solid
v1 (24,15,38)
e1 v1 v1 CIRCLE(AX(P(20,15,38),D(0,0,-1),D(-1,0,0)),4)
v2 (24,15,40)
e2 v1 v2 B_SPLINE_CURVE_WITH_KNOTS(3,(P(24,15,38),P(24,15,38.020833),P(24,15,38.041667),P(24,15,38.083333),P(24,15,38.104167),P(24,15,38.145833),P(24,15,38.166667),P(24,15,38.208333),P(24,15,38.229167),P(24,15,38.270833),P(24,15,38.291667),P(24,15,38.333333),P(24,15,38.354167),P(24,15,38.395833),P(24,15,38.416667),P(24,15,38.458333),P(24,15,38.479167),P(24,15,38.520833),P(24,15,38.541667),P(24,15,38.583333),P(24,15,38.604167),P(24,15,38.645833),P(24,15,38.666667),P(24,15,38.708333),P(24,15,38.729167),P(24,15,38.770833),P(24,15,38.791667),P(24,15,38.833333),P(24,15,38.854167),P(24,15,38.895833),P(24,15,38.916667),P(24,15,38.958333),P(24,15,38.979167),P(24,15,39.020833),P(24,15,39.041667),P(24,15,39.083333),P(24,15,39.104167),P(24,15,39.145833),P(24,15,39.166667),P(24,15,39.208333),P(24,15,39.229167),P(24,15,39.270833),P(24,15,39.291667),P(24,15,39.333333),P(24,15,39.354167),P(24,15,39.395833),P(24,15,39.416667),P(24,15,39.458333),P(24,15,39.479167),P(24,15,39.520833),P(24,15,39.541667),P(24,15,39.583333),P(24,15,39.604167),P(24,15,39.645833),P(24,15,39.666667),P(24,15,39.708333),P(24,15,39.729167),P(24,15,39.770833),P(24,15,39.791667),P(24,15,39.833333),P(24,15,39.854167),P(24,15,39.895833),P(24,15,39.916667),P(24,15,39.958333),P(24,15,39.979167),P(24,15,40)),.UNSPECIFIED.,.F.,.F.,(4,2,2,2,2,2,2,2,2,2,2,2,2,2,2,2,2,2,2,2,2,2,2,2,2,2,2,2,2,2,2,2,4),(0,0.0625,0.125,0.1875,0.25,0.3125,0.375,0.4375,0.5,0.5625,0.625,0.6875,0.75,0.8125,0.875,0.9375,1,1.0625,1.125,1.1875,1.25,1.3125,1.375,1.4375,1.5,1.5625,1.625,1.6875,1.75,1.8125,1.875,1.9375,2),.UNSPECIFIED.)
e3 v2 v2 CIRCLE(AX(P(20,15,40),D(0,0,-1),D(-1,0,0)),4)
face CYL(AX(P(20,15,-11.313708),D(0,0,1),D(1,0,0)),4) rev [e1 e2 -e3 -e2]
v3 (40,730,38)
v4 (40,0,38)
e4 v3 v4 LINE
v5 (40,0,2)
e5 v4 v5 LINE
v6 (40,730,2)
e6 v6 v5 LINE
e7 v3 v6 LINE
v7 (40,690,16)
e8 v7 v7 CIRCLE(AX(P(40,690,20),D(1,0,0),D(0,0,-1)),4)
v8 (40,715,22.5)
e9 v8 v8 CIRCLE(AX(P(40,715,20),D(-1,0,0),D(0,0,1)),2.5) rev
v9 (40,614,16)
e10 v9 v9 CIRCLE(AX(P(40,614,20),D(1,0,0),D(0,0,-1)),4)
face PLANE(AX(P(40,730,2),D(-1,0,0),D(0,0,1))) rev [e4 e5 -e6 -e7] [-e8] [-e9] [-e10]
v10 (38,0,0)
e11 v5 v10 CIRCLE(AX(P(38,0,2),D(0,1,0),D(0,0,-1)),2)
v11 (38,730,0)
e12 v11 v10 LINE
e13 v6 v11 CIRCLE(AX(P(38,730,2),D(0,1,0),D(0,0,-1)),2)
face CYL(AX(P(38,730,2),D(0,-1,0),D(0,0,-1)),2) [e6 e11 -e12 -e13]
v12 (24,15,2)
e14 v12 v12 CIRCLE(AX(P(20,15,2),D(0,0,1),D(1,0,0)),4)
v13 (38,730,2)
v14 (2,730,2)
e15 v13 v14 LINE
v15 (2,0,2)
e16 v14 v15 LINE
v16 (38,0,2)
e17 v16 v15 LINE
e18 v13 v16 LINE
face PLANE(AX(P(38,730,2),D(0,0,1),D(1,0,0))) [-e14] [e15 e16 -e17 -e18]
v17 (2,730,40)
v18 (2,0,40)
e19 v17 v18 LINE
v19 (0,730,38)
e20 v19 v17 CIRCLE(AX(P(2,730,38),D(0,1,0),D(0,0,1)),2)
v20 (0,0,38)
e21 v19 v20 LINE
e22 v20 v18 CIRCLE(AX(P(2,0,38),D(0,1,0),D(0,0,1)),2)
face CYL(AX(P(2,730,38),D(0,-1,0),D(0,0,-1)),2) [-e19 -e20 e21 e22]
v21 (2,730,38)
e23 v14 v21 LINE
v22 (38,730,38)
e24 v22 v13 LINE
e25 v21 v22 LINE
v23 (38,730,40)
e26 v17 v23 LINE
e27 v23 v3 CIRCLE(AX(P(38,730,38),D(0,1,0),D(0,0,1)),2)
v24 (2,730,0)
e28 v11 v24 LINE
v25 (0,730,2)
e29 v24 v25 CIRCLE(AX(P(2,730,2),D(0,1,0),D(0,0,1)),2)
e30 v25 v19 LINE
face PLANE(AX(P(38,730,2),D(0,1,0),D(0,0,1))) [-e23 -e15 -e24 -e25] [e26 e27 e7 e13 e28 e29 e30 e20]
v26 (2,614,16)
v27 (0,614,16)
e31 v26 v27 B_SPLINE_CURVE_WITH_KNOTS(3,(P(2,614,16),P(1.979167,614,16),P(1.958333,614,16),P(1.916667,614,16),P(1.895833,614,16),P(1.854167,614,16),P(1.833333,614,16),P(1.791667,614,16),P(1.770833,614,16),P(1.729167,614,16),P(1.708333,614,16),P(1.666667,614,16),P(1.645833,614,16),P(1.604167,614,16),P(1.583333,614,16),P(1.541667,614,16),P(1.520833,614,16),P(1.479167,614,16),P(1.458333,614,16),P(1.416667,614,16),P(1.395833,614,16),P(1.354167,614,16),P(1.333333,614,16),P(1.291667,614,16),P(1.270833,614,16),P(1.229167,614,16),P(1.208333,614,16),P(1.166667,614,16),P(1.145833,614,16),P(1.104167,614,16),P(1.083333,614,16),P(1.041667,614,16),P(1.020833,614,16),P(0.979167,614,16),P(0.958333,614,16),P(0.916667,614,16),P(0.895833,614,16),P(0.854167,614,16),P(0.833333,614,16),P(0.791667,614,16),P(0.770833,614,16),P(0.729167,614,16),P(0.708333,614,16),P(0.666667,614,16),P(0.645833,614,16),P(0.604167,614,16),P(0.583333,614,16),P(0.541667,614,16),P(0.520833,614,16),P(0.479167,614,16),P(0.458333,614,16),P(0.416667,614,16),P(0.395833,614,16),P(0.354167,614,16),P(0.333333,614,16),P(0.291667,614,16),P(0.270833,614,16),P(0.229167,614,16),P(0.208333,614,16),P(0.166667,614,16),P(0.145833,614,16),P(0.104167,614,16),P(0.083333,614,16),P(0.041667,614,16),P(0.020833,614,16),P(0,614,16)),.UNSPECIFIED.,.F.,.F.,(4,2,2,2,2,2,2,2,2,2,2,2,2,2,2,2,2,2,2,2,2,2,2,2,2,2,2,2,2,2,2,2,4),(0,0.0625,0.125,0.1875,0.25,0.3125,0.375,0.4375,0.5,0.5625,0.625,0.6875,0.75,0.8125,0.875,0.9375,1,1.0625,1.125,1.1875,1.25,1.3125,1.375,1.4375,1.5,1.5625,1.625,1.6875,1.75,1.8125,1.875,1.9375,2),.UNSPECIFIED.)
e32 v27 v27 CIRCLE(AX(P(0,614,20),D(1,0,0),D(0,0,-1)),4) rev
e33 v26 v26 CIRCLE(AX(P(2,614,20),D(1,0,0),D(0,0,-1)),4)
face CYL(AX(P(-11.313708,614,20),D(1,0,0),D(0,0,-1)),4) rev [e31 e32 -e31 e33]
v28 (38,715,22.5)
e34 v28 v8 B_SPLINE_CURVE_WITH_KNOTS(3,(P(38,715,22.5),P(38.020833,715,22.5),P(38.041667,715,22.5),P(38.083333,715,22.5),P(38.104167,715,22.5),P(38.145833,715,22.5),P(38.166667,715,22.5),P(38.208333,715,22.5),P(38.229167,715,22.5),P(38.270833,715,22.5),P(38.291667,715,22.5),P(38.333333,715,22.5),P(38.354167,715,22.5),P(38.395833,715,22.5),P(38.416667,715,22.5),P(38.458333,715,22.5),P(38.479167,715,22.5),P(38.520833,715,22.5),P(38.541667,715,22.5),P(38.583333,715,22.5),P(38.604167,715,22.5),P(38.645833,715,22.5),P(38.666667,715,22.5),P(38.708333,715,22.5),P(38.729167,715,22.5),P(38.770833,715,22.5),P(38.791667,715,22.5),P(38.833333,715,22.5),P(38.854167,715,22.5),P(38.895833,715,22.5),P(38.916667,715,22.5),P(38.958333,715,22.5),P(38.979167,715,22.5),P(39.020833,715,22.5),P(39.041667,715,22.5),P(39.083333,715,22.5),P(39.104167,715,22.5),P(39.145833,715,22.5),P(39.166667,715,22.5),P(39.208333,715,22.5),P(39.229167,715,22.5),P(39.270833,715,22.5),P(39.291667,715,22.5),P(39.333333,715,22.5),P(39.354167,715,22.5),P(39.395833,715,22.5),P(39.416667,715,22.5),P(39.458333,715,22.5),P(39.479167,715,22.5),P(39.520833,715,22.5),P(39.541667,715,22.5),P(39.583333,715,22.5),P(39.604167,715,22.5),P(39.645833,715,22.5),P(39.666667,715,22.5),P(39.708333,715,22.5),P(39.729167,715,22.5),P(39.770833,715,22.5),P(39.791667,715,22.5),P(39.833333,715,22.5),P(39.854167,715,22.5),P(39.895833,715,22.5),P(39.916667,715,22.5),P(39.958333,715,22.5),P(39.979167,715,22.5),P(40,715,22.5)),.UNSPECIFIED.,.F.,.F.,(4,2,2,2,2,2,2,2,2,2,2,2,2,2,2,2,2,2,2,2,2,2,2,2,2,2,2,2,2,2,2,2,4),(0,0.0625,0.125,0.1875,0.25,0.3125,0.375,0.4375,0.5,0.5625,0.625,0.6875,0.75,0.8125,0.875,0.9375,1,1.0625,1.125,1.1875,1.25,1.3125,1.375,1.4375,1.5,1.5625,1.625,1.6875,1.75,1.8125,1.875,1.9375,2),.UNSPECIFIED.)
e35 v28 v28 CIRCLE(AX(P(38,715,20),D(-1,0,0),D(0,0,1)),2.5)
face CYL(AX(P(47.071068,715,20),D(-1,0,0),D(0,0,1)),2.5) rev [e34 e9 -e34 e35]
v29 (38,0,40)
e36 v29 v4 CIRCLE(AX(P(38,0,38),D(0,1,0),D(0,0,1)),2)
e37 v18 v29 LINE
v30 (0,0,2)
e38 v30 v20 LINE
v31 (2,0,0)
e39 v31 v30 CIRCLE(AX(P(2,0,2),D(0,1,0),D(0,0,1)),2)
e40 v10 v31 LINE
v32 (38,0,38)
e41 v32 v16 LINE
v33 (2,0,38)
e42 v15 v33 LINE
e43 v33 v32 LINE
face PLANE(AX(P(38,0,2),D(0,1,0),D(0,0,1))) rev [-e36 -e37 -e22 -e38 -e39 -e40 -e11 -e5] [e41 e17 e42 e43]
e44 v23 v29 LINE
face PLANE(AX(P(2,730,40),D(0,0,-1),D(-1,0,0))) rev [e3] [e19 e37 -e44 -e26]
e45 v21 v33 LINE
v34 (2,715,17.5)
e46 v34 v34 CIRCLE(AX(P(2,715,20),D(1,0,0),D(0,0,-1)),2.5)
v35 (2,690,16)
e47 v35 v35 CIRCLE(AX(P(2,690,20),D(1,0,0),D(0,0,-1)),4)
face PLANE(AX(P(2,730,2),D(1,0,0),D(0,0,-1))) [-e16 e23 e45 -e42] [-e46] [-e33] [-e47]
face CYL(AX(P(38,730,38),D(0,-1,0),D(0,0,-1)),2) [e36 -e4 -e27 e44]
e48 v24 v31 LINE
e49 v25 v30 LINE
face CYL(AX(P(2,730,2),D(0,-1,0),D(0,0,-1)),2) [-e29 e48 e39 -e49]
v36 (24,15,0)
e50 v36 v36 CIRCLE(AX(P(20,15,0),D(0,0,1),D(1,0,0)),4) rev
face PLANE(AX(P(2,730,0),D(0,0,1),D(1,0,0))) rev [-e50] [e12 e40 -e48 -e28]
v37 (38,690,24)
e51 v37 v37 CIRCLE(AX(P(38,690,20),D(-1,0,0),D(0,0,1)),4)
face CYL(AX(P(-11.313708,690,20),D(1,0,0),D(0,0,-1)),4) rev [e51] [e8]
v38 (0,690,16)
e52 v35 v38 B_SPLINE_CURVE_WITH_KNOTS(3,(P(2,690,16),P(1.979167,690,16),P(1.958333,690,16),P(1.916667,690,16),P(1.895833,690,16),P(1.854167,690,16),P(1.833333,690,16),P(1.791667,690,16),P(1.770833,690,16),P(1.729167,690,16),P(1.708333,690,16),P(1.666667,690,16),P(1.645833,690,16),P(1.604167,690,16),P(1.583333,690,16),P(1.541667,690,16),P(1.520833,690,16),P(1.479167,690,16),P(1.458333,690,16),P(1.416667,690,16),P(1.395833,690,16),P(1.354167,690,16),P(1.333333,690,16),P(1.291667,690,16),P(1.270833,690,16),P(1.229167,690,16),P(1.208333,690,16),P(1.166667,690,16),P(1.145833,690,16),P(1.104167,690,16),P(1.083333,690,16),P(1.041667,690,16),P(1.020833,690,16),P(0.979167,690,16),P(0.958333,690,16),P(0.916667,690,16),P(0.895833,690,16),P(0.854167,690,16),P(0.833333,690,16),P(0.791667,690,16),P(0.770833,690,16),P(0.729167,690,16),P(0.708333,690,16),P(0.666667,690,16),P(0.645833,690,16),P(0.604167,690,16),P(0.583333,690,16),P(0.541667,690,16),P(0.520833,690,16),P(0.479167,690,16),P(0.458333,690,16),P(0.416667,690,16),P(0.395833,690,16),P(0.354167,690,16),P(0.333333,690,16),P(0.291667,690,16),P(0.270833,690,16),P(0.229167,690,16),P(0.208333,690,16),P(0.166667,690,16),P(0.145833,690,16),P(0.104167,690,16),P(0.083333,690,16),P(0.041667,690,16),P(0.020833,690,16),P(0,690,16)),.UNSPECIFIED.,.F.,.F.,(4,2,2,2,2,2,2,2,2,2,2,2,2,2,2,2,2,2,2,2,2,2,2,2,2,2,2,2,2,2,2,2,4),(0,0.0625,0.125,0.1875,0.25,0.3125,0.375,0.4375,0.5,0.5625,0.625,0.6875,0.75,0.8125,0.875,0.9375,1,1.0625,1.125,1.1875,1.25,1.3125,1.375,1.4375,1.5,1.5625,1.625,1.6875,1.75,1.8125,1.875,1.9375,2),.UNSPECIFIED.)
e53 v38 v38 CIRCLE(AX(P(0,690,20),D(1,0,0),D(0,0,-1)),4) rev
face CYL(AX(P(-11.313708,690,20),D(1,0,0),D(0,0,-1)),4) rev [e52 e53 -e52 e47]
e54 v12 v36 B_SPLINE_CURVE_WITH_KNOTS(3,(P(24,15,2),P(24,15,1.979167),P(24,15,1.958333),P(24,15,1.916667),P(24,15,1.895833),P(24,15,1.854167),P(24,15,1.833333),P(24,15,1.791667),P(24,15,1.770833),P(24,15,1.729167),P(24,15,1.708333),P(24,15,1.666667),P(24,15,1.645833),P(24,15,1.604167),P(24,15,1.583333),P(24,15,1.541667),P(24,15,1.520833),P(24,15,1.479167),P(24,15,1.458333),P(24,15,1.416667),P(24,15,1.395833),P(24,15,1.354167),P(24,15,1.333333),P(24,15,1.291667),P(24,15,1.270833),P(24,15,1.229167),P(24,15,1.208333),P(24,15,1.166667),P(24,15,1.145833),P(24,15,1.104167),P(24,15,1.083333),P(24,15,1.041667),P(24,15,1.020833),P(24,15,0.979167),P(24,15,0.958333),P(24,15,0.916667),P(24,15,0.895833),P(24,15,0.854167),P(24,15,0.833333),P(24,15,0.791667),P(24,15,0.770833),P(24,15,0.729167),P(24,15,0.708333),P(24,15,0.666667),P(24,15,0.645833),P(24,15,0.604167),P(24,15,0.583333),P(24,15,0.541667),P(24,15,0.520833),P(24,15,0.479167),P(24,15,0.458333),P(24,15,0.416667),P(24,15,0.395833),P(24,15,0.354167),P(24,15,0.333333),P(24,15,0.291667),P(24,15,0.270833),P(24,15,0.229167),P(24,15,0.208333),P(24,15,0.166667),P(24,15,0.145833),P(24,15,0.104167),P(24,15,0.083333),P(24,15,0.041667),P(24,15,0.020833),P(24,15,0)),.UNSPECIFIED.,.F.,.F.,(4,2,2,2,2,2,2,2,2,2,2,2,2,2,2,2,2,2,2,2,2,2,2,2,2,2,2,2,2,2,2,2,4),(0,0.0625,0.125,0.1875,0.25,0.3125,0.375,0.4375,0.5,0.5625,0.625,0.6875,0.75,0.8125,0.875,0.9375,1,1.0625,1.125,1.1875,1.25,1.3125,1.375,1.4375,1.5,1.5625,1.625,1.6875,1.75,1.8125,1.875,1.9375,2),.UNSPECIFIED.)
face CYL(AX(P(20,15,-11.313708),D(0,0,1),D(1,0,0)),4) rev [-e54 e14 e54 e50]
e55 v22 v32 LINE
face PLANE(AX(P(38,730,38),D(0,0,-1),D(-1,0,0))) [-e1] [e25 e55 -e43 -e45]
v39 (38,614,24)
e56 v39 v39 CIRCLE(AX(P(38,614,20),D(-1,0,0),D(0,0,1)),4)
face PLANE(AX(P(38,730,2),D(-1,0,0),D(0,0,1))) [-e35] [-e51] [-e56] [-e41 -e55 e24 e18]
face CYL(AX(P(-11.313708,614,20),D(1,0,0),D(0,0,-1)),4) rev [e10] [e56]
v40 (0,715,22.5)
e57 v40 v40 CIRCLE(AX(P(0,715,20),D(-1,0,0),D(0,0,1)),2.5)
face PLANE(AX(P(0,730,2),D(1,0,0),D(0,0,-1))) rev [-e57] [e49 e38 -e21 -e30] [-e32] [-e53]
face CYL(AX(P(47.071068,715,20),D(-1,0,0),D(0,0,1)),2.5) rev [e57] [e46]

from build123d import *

# Parameters (mm, degrees)
SKETCH1_W                      = 36
SKETCH1_H                      = 36
EXTRUDE_THIN1_DEPTH            = 730
CUT_EXTRUDE1_REACH             = 734.189
SKETCH2_R                      = 4
CUT_EXTRUDE1_DIRECTION_2_DEPTH = 733.188500319
CUT_EXTRUDE4_REACH             = 734.189
SKETCH5_R                      = 2.5
CUT_EXTRUDE6_REACH             = 734.189
SKETCH6_R                      = 4


with BuildPart() as part:
    # Sketch1 → Extrude-Thin1 (new body)
    with BuildSketch(Plane(origin=(0, 0, 0), x_dir=(1, 0, 0), z_dir=(0, 1, 0))):
        with BuildLine():
            Line((2, 0), (38, 0))
            ThreePointArc((38, 0), (39.414213562, -0.585786438), (40, -2))
            Line((40, -2), (40, -38))
            ThreePointArc((40, -38), (39.414213562, -39.414213562), (38, -40))
            Line((38, -40), (2, -40))
            ThreePointArc((2, -40), (0.585786438, -39.414213562), (0, -38))
            Line((0, -38), (0, -2))
            ThreePointArc((0, -2), (0.585786438, -0.585786438), (2, 0))
        make_face()
        with Locations((20, -20)):
            Rectangle(SKETCH1_W, SKETCH1_H, mode=Mode.SUBTRACT)
    extrude(amount=EXTRUDE_THIN1_DEPTH)

    # Cut-Extrude1: up to this face of the body (flat: up to its plane)
    cut_extrude1_end = Plane(part.part.faces().sort_by_distance((20, 365, 0))[0])
    # Sketch2 → Cut-Extrude1 (cut, up to the picked face)
    with BuildSketch(Plane.XY.offset(40), mode=Mode.PRIVATE) as cut_extrude1_sk1:
        with Locations((20, 15)):
            Circle(SKETCH2_R)
    cut_extrude1_tool1 = split(extrude(cut_extrude1_sk1.sketch, amount=-CUT_EXTRUDE1_REACH, mode=Mode.PRIVATE), bisect_by=cut_extrude1_end, keep=Keep.BOTH, mode=Mode.PRIVATE)
    add(cut_extrude1_tool1.solids().sort_by(Axis((20, 15, 40), (0, 0, -1)))[0], mode=Mode.SUBTRACT)

    # Sketch2 → Cut-Extrude1 direction 2 (cut)
    with BuildSketch(Plane.XY.offset(40)):
        with Locations((20, 15)):
            Circle(SKETCH2_R)
    extrude(amount=CUT_EXTRUDE1_DIRECTION_2_DEPTH, mode=Mode.SUBTRACT)

    # Cut-Extrude4: up to this face of the body (flat: up to its plane)
    cut_extrude4_end = Plane(part.part.faces().sort_by_distance((40, 365, 20))[0])
    # Sketch5 → Cut-Extrude4 (cut, up to the picked face)
    with BuildSketch(Plane.ZY, mode=Mode.PRIVATE) as cut_extrude4_sk1:
        with Locations((20, 715)):
            Circle(SKETCH5_R)
    cut_extrude4_tool1 = split(extrude(cut_extrude4_sk1.sketch, amount=-CUT_EXTRUDE4_REACH, mode=Mode.PRIVATE), bisect_by=cut_extrude4_end, keep=Keep.BOTH, mode=Mode.PRIVATE)
    add(cut_extrude4_tool1.solids().sort_by(Axis((0, 715, 20), (1, 0, 0)))[0], mode=Mode.SUBTRACT)

    # Cut-Extrude6: up to this face of the body (flat: up to its plane)
    cut_extrude6_end = Plane(part.part.faces().sort_by_distance((0, 364.738303945, 20))[0])
    # Sketch6 → Cut-Extrude6 (cut, up to the picked face)
    with BuildSketch(Plane(origin=(40, 0, 0), x_dir=(0, 0, -1), z_dir=(1, 0, 0)), mode=Mode.PRIVATE) as cut_extrude6_sk1:
        with Locations((-20, 690)):
            Circle(SKETCH6_R)
    cut_extrude6_tool1 = split(extrude(cut_extrude6_sk1.sketch, amount=-CUT_EXTRUDE6_REACH, mode=Mode.PRIVATE), bisect_by=cut_extrude6_end, keep=Keep.BOTH, mode=Mode.PRIVATE)
    # Sketch6 → Cut-Extrude6 (cut, up to the picked face)
    with BuildSketch(Plane(origin=(40, 0, 0), x_dir=(0, 0, -1), z_dir=(1, 0, 0)), mode=Mode.PRIVATE) as cut_extrude6_sk2:
        with Locations((-20, 614)):
            Circle(SKETCH6_R)
    cut_extrude6_tool2 = split(extrude(cut_extrude6_sk2.sketch, amount=-CUT_EXTRUDE6_REACH, mode=Mode.PRIVATE), bisect_by=cut_extrude6_end, keep=Keep.BOTH, mode=Mode.PRIVATE)
    add(cut_extrude6_tool1.solids().sort_by(Axis((40, 690, 20), (-1, 0, 0)))[0], mode=Mode.SUBTRACT)
    add(cut_extrude6_tool2.solids().sort_by(Axis((40, 614, 20), (-1, 0, 0)))[0], mode=Mode.SUBTRACT)


solid = part.part
